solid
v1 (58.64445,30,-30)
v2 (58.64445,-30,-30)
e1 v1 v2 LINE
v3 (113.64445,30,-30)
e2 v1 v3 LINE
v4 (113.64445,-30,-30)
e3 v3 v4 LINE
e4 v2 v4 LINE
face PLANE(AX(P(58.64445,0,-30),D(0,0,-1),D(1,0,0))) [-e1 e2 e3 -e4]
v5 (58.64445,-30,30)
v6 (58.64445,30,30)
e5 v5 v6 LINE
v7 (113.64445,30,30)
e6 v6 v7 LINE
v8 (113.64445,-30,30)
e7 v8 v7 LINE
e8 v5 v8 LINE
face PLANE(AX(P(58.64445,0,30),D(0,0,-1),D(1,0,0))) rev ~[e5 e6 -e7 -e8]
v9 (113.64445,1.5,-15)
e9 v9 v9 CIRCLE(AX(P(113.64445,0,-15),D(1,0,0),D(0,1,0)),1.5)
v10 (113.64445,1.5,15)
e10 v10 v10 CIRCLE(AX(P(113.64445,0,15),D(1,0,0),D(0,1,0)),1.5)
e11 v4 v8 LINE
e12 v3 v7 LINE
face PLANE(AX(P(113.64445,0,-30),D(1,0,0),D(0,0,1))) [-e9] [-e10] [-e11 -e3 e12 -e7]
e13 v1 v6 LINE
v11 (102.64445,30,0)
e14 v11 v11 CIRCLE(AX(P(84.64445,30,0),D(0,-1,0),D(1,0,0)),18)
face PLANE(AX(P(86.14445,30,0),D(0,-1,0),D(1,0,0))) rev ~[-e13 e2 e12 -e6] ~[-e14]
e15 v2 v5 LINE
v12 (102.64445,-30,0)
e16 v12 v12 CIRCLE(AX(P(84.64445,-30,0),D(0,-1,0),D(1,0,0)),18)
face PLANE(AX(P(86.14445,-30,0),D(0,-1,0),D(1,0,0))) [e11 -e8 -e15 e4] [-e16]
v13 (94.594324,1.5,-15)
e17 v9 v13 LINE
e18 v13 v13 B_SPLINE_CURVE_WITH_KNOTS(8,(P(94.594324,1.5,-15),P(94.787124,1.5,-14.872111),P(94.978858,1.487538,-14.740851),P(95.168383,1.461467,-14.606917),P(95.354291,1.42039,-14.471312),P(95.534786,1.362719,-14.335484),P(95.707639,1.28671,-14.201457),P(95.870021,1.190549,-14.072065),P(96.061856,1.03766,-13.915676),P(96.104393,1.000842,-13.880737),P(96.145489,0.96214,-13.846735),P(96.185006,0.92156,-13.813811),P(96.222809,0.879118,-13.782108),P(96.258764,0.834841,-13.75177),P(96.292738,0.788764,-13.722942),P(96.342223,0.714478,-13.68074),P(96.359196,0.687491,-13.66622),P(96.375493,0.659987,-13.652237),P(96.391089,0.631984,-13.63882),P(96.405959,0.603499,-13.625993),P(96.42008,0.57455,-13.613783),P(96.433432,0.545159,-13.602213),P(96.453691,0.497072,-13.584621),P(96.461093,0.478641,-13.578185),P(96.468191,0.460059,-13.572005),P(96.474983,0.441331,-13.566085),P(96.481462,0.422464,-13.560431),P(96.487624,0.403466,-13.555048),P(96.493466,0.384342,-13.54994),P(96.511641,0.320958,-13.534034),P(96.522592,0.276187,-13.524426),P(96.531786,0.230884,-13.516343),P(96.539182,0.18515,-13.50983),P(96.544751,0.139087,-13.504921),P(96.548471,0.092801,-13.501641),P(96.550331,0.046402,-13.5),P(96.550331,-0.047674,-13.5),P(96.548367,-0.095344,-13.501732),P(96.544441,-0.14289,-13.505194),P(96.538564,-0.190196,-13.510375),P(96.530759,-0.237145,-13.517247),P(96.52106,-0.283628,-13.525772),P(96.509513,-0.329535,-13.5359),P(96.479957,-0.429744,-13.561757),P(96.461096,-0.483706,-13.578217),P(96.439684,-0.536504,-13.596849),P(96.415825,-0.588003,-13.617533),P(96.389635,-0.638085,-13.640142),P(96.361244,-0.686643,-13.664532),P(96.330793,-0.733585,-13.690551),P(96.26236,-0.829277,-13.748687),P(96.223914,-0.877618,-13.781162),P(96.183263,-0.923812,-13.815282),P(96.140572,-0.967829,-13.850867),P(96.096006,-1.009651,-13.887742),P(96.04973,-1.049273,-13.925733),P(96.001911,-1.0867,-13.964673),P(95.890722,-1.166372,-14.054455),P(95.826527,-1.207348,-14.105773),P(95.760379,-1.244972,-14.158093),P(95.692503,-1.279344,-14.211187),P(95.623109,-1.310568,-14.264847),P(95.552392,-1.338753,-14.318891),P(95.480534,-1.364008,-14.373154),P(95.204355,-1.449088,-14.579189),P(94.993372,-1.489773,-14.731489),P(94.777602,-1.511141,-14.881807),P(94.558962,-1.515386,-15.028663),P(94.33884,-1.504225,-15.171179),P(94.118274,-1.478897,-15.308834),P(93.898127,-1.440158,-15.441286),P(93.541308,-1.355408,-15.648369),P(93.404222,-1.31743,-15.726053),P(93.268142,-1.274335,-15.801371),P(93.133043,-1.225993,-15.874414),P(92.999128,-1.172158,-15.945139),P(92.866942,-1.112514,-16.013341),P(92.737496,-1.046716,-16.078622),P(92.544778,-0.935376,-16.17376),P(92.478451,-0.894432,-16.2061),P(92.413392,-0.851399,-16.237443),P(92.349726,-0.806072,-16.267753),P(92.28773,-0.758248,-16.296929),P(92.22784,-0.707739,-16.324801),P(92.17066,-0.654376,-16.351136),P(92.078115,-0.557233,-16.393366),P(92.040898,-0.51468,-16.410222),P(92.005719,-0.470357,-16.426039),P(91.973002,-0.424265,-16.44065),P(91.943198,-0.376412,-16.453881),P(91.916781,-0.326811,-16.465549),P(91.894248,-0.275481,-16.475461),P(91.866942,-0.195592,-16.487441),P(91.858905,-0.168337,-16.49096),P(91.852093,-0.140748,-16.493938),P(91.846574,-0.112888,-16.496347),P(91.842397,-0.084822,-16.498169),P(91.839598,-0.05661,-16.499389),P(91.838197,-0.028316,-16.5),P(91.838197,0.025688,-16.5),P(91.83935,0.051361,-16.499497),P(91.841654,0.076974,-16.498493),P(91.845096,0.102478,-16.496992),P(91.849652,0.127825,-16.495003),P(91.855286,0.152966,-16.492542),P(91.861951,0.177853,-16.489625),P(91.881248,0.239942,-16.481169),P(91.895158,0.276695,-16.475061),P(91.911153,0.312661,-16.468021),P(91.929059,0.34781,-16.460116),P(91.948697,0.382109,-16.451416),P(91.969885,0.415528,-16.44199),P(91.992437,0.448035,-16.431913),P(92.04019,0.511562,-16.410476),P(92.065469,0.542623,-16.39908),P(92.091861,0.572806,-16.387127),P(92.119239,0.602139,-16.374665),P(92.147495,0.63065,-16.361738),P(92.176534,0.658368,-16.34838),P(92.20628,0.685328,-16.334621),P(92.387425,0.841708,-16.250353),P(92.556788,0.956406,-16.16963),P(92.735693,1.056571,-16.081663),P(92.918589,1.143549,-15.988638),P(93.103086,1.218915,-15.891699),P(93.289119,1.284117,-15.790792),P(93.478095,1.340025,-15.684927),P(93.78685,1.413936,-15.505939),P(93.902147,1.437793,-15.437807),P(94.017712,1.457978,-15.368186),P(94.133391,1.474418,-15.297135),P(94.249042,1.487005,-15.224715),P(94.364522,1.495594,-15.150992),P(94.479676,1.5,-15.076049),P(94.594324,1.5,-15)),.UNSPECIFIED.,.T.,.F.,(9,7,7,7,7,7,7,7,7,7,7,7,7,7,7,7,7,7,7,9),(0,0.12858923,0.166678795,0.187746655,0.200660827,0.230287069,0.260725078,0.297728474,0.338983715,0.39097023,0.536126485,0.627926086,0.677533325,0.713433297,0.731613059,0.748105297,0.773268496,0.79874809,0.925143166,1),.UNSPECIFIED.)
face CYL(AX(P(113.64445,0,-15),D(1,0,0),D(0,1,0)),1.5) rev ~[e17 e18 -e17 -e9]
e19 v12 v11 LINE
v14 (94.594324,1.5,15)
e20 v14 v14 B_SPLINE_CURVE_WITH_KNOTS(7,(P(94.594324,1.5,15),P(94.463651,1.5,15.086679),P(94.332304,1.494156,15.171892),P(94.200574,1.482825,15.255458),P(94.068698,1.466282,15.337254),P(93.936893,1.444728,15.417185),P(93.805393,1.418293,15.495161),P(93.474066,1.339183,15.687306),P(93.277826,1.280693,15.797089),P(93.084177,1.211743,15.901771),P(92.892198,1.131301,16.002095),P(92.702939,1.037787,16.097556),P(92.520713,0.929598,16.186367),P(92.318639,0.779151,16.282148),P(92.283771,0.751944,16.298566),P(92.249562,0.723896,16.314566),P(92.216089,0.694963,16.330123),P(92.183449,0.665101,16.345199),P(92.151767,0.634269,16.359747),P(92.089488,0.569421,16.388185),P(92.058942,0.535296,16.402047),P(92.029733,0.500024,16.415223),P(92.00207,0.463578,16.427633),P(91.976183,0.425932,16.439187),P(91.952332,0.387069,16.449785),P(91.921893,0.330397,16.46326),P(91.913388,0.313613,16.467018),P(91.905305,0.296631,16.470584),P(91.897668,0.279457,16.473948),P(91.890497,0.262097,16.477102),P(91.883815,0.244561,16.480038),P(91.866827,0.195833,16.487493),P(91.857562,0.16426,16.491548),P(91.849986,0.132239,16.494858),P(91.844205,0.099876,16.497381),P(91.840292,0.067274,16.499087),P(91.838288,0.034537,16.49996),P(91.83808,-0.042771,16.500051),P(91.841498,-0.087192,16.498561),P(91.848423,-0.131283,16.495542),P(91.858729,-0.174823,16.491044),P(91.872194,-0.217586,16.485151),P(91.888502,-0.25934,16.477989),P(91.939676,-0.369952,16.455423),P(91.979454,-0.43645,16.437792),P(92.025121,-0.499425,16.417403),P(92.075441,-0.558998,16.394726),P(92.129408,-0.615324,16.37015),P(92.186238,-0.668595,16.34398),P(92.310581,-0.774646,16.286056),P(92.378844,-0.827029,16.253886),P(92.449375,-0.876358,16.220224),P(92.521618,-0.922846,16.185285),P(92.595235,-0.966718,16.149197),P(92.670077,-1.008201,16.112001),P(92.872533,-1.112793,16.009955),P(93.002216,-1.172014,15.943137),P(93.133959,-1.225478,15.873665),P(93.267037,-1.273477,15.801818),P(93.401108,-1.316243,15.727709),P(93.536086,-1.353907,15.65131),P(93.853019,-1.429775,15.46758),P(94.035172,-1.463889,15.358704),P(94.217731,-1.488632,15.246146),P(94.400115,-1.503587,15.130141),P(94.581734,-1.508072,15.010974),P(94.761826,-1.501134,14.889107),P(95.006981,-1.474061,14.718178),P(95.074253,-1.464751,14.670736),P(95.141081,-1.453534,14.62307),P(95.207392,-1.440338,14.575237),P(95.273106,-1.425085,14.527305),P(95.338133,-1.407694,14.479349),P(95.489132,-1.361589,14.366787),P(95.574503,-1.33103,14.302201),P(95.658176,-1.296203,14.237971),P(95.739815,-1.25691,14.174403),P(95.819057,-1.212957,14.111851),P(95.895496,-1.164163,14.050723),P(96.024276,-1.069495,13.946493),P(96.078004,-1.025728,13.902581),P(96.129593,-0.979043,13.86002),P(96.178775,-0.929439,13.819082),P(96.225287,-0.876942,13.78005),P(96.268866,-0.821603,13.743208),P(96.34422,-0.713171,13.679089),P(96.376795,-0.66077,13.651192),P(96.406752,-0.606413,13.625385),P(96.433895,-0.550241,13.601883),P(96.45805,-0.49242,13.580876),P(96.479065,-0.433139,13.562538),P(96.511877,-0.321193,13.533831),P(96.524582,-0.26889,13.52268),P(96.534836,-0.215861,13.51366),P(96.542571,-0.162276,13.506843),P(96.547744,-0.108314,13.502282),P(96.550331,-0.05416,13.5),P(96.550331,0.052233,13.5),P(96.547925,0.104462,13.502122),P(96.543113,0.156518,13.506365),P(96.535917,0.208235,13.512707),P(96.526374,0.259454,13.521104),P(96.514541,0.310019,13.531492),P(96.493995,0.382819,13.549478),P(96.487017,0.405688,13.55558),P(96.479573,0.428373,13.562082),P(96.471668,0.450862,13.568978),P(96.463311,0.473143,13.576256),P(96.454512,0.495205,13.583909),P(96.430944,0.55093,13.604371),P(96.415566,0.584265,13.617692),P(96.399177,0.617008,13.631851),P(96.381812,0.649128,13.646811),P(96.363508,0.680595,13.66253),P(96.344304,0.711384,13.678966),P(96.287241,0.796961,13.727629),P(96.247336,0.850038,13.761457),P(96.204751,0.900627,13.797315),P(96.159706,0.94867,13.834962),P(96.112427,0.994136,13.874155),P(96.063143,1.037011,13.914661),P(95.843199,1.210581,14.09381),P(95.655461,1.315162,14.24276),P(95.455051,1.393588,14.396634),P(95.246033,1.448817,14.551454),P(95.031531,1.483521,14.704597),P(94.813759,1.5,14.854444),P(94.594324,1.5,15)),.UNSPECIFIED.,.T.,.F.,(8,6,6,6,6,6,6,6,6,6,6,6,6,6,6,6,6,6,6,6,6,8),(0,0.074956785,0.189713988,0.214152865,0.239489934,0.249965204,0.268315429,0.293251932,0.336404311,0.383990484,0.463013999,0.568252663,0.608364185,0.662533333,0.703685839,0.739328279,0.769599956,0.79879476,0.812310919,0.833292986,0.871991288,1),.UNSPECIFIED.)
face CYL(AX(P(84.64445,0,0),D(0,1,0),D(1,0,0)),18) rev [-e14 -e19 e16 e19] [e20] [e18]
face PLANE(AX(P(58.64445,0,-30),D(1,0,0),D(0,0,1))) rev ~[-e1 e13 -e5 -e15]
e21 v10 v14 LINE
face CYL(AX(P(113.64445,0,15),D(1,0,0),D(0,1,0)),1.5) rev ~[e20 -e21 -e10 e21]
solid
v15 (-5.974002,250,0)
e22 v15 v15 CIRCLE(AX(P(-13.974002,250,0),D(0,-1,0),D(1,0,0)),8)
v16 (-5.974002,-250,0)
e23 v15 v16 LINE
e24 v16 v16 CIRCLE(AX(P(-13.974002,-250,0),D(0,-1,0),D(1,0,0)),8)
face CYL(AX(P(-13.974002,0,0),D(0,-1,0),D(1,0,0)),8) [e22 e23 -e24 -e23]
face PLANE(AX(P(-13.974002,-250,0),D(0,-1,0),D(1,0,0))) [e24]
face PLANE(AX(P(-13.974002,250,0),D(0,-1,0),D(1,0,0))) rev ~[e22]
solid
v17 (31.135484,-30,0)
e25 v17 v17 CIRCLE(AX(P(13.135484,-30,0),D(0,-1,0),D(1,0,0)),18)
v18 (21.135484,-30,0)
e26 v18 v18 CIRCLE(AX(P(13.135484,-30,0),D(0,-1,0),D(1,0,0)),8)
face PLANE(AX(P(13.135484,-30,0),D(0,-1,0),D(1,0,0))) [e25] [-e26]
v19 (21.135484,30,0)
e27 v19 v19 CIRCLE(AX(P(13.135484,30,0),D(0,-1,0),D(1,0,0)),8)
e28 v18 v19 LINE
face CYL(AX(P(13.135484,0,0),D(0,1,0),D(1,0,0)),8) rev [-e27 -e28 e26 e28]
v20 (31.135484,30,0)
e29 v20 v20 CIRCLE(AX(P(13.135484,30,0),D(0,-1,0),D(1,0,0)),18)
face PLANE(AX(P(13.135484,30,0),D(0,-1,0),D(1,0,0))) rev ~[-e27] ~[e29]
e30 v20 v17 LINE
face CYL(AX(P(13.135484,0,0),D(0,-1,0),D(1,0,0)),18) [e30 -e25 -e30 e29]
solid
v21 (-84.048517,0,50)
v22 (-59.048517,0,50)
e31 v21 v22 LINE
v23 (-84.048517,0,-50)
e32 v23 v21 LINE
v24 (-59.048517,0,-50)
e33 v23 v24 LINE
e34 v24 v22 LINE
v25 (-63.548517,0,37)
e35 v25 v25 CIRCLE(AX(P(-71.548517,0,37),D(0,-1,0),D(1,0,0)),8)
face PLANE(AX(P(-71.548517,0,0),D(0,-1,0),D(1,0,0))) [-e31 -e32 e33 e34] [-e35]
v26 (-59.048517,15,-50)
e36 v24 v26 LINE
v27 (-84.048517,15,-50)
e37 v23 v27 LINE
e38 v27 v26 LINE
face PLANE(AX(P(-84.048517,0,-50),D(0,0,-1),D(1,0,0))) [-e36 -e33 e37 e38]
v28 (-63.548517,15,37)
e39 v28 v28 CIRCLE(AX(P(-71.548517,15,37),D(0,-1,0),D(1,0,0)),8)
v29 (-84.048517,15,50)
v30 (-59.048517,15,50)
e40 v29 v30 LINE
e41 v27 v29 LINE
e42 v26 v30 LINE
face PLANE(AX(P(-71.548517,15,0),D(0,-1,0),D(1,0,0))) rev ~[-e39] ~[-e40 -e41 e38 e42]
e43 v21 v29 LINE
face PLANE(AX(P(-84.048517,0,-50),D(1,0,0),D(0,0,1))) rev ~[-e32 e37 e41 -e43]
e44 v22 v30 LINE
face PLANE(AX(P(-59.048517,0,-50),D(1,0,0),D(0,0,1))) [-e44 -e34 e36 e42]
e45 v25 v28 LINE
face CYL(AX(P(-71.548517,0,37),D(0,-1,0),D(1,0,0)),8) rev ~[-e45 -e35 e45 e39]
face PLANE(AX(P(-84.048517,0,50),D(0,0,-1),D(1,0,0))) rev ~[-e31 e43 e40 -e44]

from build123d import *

# Parameters (mm, degrees)
F0_R      = 8
F1_DEPTH  = 250
F2_R      = 18
F2_R_2    = 8
F3_DEPTH  = 30
F4_W      = 25
F4_H      = 100
F5_DEPTH  = 15
F6_R      = 8
F7_DEPTH  = 25
F8_W      = 55
F8_H      = 60
F8_R      = 18
F9_DEPTH  = 30
F10_R     = 1.5
F11_DEPTH = 25


with BuildPart() as f1:
    # F0 (on Front) → F1 (new body, symmetric)
    with BuildSketch(Plane.XZ):
        with Locations((-13.974002, 0)):
            Circle(F0_R)
    extrude(amount=F1_DEPTH, both=True)


with BuildPart() as f3:
    # F2 (on Front) → F3 (new body, symmetric)
    with BuildSketch(Plane.XZ):
        with Locations((13.135484, 0)):
            Circle(F2_R)
        with Locations((13.135484, 0)):
            Circle(F2_R_2, mode=Mode.SUBTRACT)
    extrude(amount=F3_DEPTH, both=True)


with BuildPart() as f5:
    # F4 (on Front) → F5 (new body)
    with BuildSketch(Plane.XZ):
        with Locations((-71.548517, 0)):
            Rectangle(F4_W, F4_H)
    extrude(amount=-F5_DEPTH)

    # F6 (on face) → F7 (cut)
    with BuildSketch(Plane.XZ):
        with Locations((-71.548517, 37)):
            Circle(F6_R)
    extrude(amount=-F7_DEPTH, mode=Mode.SUBTRACT)


with BuildPart() as f9:
    # F8 (on Front) → F9 (new body, symmetric)
    with BuildSketch(Plane.XZ):
        with Locations((86.14445, 0)):
            Rectangle(F8_W, F8_H)
        with Locations((84.64445, 0)):
            Circle(F8_R, mode=Mode.SUBTRACT)
    extrude(amount=F9_DEPTH, both=True)

    # F10 (on face) → F11 (cut)
    with BuildSketch(Plane.YZ.offset(113.64445)):
        with Locations((0, 15)):
            Circle(F10_R)
        with Locations((0, -15)):
            Circle(F10_R)
    extrude(amount=-F11_DEPTH, mode=Mode.SUBTRACT)


solid = Compound([f1.part, f3.part, f5.part, f9.part])
